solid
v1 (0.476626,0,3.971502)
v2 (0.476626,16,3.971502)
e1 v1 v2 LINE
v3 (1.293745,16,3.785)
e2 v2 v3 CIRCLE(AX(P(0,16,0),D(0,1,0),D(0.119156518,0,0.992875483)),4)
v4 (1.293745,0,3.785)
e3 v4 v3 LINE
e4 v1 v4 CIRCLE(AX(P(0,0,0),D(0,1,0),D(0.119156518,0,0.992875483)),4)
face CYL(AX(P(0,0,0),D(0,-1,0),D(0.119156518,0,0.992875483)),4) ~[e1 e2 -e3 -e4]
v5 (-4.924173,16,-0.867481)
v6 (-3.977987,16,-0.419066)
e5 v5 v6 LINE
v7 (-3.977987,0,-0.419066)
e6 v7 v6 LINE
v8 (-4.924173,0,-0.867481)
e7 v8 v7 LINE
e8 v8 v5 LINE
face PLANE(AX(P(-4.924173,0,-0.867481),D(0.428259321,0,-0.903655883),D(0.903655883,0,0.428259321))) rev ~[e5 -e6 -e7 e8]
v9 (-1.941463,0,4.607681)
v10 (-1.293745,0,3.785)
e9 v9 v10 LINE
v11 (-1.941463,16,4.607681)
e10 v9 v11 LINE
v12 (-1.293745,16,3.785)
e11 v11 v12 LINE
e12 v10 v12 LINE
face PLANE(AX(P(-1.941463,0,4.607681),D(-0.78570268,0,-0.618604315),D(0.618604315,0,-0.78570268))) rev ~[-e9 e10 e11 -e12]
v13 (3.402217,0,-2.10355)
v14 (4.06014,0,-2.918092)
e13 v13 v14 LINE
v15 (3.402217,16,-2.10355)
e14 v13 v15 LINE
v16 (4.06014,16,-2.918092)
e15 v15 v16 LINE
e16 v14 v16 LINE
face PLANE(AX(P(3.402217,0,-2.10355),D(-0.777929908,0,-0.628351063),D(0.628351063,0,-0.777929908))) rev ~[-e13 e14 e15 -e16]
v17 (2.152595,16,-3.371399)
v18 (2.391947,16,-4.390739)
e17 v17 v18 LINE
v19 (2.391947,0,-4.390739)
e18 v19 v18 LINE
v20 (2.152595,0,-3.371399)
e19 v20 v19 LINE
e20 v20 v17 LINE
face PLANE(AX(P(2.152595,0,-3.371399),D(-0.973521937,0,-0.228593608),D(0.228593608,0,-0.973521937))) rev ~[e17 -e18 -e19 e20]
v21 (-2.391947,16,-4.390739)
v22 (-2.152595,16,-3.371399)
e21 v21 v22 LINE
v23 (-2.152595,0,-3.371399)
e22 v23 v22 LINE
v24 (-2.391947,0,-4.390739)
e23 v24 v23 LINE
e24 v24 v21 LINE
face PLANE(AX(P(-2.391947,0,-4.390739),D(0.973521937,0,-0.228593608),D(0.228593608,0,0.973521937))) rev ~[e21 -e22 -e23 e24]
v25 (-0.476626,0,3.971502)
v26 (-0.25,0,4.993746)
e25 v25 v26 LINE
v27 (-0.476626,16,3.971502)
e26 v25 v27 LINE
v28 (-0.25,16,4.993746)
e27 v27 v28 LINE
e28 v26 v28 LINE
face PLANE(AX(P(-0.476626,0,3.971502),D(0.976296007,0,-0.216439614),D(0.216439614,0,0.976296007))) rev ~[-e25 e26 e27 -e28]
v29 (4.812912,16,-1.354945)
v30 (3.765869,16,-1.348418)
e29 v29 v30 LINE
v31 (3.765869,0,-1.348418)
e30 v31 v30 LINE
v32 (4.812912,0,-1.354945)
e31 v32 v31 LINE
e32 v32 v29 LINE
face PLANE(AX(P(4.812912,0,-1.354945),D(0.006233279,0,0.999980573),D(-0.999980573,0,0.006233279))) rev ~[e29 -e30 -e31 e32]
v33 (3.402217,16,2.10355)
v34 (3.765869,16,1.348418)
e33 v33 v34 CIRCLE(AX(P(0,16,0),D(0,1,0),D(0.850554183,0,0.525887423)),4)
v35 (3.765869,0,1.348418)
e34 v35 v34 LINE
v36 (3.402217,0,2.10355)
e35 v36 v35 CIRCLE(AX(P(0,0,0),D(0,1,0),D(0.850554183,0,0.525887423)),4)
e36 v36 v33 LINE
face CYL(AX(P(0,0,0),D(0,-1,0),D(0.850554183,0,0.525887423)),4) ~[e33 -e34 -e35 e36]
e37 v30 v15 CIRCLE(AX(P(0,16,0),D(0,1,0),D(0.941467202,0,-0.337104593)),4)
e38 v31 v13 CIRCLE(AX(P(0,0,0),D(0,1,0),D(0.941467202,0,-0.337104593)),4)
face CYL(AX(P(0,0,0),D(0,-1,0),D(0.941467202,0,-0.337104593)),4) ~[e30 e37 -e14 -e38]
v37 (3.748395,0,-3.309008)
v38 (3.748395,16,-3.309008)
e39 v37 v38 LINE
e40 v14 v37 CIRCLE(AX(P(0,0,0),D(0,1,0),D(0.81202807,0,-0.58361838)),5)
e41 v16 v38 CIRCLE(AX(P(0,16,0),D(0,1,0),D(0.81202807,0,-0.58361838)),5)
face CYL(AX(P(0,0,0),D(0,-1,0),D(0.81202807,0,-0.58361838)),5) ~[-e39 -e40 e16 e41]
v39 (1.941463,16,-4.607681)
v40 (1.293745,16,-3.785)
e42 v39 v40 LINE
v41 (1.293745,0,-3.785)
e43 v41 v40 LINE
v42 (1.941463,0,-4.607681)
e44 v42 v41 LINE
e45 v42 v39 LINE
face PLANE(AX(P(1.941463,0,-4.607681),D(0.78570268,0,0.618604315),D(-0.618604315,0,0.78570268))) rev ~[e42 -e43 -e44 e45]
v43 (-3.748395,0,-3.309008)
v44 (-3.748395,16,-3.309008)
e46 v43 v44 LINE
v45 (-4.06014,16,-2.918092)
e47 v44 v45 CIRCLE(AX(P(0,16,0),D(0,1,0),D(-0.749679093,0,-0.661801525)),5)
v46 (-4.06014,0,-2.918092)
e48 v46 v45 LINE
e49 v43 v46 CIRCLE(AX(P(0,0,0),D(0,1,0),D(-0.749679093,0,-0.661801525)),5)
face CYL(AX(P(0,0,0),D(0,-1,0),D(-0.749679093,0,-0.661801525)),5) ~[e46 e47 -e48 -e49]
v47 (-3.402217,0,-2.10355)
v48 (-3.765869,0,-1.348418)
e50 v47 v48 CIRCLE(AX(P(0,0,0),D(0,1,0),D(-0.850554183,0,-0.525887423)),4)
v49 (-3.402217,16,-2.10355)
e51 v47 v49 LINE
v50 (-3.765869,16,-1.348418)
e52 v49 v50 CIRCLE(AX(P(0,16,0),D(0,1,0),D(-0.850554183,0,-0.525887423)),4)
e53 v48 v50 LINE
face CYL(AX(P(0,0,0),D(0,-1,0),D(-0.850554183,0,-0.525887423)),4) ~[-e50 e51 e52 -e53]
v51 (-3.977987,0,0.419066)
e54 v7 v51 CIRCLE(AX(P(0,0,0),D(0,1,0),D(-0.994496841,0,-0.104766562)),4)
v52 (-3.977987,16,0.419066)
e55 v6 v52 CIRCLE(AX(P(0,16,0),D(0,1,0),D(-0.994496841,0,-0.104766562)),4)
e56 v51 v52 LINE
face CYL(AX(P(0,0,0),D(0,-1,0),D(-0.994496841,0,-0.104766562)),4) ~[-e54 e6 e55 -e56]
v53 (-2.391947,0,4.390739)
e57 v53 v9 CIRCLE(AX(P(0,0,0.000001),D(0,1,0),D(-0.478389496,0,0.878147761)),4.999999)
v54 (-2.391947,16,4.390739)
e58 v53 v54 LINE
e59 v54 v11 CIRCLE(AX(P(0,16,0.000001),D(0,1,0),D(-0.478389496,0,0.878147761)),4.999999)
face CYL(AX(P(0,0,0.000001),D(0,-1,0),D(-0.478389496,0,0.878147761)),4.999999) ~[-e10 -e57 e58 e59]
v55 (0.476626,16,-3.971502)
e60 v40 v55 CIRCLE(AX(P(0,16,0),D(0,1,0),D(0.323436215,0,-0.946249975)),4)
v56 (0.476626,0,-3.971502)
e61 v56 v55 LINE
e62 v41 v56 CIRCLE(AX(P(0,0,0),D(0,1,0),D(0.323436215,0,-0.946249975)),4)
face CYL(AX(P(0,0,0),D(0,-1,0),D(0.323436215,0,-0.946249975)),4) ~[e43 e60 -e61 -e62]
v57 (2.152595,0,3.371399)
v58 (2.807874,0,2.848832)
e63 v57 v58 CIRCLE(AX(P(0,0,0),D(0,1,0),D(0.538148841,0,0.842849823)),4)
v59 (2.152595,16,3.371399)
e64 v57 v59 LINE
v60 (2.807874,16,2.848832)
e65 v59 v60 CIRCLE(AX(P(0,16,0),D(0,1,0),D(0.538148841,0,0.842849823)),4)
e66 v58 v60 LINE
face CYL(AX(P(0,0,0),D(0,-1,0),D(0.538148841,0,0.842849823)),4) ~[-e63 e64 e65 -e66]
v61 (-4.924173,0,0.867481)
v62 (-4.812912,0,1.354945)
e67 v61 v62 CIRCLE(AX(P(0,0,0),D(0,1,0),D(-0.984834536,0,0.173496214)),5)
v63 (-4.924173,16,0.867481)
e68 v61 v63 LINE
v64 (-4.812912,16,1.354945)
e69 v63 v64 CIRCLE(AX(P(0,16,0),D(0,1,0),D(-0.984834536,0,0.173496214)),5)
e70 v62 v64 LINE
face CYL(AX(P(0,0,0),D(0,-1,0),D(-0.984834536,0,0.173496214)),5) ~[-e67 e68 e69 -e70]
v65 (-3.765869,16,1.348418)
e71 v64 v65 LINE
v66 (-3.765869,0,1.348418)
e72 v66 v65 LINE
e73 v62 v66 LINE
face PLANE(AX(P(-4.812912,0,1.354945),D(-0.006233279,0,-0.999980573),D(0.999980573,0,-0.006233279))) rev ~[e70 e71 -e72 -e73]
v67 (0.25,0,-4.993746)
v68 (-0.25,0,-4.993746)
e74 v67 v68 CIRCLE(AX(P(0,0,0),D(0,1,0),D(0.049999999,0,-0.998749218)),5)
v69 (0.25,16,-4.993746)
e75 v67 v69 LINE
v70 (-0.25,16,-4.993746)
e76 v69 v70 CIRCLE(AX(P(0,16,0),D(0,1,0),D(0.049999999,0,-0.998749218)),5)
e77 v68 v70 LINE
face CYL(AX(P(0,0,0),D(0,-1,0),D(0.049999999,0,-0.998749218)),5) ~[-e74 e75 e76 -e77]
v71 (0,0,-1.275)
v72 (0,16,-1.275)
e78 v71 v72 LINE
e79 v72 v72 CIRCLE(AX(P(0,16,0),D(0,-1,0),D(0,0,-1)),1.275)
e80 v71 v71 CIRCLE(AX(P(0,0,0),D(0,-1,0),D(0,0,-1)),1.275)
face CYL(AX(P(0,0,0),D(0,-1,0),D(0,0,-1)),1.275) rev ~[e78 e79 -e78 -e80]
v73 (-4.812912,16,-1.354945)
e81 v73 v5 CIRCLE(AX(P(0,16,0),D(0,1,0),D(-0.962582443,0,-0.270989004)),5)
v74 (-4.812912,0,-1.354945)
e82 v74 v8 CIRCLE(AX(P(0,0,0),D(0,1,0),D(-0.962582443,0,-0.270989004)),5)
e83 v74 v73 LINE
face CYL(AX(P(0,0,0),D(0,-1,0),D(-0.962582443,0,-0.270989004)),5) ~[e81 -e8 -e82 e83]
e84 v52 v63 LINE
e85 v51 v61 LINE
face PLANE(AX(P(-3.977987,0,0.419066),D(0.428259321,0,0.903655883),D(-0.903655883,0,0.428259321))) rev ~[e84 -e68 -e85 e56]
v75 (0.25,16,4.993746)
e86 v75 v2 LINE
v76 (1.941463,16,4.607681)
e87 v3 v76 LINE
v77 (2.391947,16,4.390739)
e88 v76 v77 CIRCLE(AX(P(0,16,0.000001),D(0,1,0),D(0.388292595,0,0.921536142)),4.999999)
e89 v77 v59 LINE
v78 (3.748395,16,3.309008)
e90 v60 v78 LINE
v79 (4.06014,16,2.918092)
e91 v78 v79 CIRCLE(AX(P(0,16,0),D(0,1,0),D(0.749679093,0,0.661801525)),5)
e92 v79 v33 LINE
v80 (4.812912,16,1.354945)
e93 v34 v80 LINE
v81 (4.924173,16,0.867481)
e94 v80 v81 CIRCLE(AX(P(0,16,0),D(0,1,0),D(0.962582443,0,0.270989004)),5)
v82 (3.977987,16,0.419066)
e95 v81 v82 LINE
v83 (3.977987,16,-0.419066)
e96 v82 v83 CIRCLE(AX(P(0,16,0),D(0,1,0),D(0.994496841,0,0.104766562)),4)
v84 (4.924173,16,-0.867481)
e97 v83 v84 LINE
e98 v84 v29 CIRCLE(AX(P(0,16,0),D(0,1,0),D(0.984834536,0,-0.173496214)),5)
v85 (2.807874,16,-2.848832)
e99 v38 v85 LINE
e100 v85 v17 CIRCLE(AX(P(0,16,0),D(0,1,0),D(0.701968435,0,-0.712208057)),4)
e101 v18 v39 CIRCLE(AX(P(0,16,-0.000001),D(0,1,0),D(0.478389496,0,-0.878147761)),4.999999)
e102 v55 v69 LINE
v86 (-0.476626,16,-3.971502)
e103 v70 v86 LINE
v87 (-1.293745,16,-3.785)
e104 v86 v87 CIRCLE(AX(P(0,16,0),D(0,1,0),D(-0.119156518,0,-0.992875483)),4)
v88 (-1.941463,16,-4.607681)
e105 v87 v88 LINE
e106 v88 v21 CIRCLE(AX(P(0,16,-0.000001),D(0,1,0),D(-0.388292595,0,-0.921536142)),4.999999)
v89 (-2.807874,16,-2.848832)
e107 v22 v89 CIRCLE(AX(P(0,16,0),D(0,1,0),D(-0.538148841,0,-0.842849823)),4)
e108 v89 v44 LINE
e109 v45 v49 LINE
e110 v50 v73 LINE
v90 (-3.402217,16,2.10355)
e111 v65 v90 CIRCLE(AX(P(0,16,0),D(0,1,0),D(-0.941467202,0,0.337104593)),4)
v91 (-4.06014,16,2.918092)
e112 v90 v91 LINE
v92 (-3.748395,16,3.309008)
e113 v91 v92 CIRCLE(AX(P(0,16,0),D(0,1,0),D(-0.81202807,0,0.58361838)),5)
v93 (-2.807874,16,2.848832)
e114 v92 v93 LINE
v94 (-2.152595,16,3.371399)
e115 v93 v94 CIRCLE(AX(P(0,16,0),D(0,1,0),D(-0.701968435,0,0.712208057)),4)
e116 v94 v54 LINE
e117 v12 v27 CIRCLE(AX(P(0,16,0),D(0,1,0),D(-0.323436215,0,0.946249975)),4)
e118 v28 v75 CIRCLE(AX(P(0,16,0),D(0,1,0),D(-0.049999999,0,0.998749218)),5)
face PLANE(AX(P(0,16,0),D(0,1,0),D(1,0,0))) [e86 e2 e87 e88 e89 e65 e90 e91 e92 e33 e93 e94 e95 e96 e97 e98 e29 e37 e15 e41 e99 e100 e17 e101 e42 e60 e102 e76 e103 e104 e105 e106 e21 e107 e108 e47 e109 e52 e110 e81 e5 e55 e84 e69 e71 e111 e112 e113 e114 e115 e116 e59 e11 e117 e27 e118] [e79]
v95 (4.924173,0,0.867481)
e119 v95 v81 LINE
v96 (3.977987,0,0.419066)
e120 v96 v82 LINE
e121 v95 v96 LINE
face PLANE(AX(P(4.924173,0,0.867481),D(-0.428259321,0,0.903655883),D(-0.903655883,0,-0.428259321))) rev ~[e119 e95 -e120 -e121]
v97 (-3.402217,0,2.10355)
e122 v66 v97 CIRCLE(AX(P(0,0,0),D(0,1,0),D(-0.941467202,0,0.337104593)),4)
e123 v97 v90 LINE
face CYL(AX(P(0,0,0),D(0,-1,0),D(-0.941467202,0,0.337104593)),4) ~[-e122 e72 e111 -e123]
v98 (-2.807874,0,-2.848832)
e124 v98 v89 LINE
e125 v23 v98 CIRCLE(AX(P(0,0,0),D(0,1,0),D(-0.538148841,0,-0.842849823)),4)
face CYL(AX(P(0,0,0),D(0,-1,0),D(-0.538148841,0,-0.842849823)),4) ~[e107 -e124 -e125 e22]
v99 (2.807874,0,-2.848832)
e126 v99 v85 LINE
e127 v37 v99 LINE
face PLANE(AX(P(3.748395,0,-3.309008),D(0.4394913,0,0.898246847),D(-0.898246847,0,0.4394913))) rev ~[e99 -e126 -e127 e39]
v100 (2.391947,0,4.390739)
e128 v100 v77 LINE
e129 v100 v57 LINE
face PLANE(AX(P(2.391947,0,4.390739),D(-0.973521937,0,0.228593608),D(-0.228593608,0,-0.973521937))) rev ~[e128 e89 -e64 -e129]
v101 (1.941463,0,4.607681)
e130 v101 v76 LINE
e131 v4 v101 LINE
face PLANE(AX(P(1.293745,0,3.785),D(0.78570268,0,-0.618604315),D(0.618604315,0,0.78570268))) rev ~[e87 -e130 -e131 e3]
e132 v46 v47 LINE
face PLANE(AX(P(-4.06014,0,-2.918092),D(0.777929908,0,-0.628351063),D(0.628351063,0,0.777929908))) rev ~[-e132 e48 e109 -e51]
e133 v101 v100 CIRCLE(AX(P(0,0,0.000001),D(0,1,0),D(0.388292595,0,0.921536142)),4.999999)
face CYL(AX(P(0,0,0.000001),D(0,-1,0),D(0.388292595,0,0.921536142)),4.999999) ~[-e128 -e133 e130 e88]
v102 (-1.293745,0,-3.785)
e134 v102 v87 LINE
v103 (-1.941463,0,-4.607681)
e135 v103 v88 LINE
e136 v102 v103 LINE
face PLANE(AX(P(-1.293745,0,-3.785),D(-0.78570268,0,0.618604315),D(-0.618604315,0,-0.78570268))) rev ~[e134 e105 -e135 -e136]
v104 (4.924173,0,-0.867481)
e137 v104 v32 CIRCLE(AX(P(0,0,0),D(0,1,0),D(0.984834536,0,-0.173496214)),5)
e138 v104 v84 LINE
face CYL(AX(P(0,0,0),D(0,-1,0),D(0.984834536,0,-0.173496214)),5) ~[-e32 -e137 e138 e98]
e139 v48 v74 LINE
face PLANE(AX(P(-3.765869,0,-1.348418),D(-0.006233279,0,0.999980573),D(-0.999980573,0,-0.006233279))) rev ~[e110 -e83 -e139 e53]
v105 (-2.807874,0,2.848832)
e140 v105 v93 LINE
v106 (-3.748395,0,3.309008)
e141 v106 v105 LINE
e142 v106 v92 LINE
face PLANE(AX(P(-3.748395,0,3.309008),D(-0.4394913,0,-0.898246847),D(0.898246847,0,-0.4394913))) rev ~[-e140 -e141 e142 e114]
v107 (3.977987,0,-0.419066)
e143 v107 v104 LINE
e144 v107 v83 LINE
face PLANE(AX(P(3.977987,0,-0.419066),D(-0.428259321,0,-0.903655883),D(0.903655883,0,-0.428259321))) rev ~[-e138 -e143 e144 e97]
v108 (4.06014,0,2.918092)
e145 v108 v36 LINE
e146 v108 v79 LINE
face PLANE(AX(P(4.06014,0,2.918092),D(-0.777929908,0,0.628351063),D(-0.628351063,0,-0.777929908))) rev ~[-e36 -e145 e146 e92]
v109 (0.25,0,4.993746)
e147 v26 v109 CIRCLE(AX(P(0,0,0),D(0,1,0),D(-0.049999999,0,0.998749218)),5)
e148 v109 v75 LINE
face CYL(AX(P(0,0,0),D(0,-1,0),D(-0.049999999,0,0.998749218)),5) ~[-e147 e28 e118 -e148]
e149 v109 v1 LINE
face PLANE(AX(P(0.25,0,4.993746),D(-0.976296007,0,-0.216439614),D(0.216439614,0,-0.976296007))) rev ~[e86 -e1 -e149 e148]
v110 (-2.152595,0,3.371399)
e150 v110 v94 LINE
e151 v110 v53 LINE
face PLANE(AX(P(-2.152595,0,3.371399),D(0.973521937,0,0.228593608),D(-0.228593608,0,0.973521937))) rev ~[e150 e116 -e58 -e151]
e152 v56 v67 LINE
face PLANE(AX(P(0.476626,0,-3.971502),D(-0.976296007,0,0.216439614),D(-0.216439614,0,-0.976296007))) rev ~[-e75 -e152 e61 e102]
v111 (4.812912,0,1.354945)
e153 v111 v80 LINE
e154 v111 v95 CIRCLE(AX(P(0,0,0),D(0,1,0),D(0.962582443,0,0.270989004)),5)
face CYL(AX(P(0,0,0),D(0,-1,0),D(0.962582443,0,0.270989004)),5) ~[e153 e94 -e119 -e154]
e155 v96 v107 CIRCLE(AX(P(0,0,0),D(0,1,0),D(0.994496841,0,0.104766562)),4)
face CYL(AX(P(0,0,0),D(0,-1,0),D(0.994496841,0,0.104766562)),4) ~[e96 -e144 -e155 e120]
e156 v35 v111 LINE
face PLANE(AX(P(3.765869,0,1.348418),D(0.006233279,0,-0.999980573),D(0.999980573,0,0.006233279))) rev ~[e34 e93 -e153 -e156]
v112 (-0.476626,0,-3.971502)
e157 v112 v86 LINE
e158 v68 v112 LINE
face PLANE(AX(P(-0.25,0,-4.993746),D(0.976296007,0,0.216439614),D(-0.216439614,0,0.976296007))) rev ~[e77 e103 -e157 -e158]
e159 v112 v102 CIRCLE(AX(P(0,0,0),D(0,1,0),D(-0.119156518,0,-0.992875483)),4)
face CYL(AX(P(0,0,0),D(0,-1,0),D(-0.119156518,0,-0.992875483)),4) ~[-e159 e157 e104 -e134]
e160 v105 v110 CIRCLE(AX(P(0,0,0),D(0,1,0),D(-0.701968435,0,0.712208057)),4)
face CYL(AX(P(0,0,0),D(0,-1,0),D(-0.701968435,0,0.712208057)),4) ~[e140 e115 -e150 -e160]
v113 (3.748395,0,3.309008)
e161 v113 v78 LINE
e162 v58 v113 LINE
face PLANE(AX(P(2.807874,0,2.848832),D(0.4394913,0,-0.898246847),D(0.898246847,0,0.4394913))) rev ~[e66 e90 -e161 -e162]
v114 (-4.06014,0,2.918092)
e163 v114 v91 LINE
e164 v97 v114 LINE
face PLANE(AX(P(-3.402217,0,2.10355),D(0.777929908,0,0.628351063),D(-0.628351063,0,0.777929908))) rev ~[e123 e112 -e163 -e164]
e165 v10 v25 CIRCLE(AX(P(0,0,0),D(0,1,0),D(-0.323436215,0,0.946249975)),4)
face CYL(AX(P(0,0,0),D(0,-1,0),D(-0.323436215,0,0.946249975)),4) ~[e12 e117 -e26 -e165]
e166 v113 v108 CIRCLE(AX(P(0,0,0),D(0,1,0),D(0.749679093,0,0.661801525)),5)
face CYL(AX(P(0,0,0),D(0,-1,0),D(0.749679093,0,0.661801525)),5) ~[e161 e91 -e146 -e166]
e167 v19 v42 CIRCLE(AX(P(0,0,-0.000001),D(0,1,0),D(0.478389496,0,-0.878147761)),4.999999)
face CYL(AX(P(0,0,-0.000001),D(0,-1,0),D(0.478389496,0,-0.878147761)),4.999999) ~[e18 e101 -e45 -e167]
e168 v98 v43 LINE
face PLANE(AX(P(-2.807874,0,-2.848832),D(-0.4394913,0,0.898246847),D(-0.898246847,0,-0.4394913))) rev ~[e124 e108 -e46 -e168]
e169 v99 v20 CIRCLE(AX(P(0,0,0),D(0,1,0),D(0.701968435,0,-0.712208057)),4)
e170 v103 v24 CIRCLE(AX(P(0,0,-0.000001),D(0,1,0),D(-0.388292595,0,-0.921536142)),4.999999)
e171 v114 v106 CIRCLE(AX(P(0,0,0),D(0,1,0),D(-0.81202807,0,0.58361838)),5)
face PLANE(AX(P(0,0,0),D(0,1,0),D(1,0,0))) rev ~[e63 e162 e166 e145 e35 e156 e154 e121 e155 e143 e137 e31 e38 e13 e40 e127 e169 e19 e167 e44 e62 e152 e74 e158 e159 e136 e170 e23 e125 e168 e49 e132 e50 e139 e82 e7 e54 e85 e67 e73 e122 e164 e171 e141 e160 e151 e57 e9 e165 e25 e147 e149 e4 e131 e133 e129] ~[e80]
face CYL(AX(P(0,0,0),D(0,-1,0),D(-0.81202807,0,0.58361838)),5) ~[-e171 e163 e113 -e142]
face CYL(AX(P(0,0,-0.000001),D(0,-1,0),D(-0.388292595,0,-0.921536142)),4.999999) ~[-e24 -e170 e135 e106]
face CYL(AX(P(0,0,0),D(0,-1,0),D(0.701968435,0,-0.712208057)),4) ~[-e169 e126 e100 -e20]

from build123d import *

# Parameters (mm, degrees)
BOSS_EXTRUDE1_DEPTH = 16
SKETCH2_R           = 1.275
CUT_EXTRUDE1_DEPTH  = 18.471332994


with BuildPart() as part:
    # Sketch1 → Boss-Extrude1 (new body)
    with BuildSketch(Plane(origin=(0, 0, 0), x_dir=(1, 0, 0), z_dir=(0, 1, 0))):
        with BuildLine():
            Line((-0.25, 4.993746089), (-0.476626074, 3.971501931))
            ThreePointArc((-0.476626074, 3.971501931), (-0.890083736, 3.899711649), (-1.293744854, 3.784999901))
            Line((-1.293744854, 3.784999901), (-1.941463008, 4.607680695))
            ThreePointArc((-1.941463008, 4.607680695), (-2.169418696, 4.50484434), (-2.391947442, 4.390738825))
            Line((-2.391947442, 4.390738825), (-2.152595362, 3.371399295))
            ThreePointArc((-2.152595362, 3.371399295), (-2.493959207, 3.12732593), (-2.807873746, 2.848832222))
            Line((-2.807873746, 2.848832222), (-3.748395457, 3.30900763))
            ThreePointArc((-3.748395457, 3.30900763), (-3.909157412, 3.117449009), (-4.060140358, 2.918091889))
            Line((-4.060140358, 2.918091889), (-3.402216738, 2.103549682))
            ThreePointArc((-3.402216738, 2.103549682), (-3.603875472, 1.735534956), (-3.765868806, 1.348418382))
            Line((-3.765868806, 1.348418382), (-4.812912215, 1.354945022))
            ThreePointArc((-4.812912215, 1.354945022), (-4.874639561, 1.11260467), (-4.924172682, 0.867481066))
            Line((-4.924172682, 0.867481066), (-3.977987365, 0.419066256))
            ThreePointArc((-3.977987365, 0.419066256), (-4, 0), (-3.977987365, -0.419066256))
            Line((-3.977987365, -0.419066256), (-4.924172682, -0.867481066))
            ThreePointArc((-4.924172682, -0.867481066), (-4.874639561, -1.11260467), (-4.812912215, -1.354945022))
            Line((-4.812912215, -1.354945022), (-3.765868806, -1.348418382))
            ThreePointArc((-3.765868806, -1.348418382), (-3.603875472, -1.735534956), (-3.402216738, -2.103549682))
            Line((-3.402216738, -2.103549682), (-4.060140358, -2.918091889))
            ThreePointArc((-4.060140358, -2.918091889), (-3.909157412, -3.117449009), (-3.748395457, -3.30900763))
            Line((-3.748395457, -3.30900763), (-2.807873746, -2.848832222))
            ThreePointArc((-2.807873746, -2.848832222), (-2.493959207, -3.12732593), (-2.152595362, -3.371399295))
            Line((-2.152595362, -3.371399295), (-2.391947442, -4.390738825))
            ThreePointArc((-2.391947442, -4.390738825), (-2.169418696, -4.50484434), (-1.941463008, -4.607680695))
            Line((-1.941463008, -4.607680695), (-1.293744854, -3.784999901))
            ThreePointArc((-1.293744854, -3.784999901), (-0.890083736, -3.899711649), (-0.476626074, -3.971501931))
            Line((-0.476626074, -3.971501931), (-0.25, -4.993746089))
            ThreePointArc((-0.25, -4.993746089), (0, -5), (0.25, -4.993746089))
            Line((0.25, -4.993746089), (0.476626074, -3.971501931))
            ThreePointArc((0.476626074, -3.971501931), (0.890083736, -3.899711649), (1.293744854, -3.784999901))
            Line((1.293744854, -3.784999901), (1.941463008, -4.607680695))
            ThreePointArc((1.941463008, -4.607680695), (2.169418696, -4.50484434), (2.391947442, -4.390738825))
            Line((2.391947442, -4.390738825), (2.152595362, -3.371399295))
            ThreePointArc((2.152595362, -3.371399295), (2.493959207, -3.12732593), (2.807873746, -2.848832222))
            Line((2.807873746, -2.848832222), (3.748395457, -3.30900763))
            ThreePointArc((3.748395457, -3.30900763), (3.909157412, -3.117449009), (4.060140358, -2.918091889))
            Line((4.060140358, -2.918091889), (3.402216738, -2.103549682))
            ThreePointArc((3.402216738, -2.103549682), (3.603875472, -1.735534956), (3.765868806, -1.348418382))
            Line((3.765868806, -1.348418382), (4.812912215, -1.354945022))
            ThreePointArc((4.812912215, -1.354945022), (4.874639561, -1.11260467), (4.924172682, -0.867481066))
            Line((4.924172682, -0.867481066), (3.977987365, -0.419066256))
            ThreePointArc((3.977987365, -0.419066256), (4, 0), (3.977987365, 0.419066256))
            Line((3.977987365, 0.419066256), (4.924172682, 0.867481066))
            ThreePointArc((4.924172682, 0.867481066), (4.874639561, 1.11260467), (4.812912215, 1.354945022))
            Line((4.812912215, 1.354945022), (3.765868806, 1.348418382))
            ThreePointArc((3.765868806, 1.348418382), (3.603875472, 1.735534956), (3.402216738, 2.103549682))
            Line((3.402216738, 2.103549682), (4.060140358, 2.918091889))
            ThreePointArc((4.060140358, 2.918091889), (3.909157412, 3.117449009), (3.748395457, 3.30900763))
            Line((3.748395457, 3.30900763), (2.807873746, 2.848832222))
            ThreePointArc((2.807873746, 2.848832222), (2.493959207, 3.12732593), (2.152595362, 3.371399295))
            Line((2.152595362, 3.371399295), (2.391947442, 4.390738825))
            ThreePointArc((2.391947442, 4.390738825), (2.169418696, 4.50484434), (1.941463008, 4.607680695))
            Line((1.941463008, 4.607680695), (1.293744854, 3.784999901))
            ThreePointArc((1.293744854, 3.784999901), (0.890083736, 3.899711649), (0.476626074, 3.971501931))
            Line((0.476626074, 3.971501931), (0.25, 4.993746089))
            ThreePointArc((0.25, 4.993746089), (0, 5), (-0.25, 4.993746089))
        make_face()
    extrude(amount=BOSS_EXTRUDE1_DEPTH)

    # Sketch2 → Cut-Extrude1 (cut, through all)
    with BuildSketch(Plane.XZ):
        with Locations(Location((0, 0, 0), (0, 0, 270))):
            Circle(SKETCH2_R)
    extrude(amount=-CUT_EXTRUDE1_DEPTH, mode=Mode.SUBTRACT)


solid = part.part
